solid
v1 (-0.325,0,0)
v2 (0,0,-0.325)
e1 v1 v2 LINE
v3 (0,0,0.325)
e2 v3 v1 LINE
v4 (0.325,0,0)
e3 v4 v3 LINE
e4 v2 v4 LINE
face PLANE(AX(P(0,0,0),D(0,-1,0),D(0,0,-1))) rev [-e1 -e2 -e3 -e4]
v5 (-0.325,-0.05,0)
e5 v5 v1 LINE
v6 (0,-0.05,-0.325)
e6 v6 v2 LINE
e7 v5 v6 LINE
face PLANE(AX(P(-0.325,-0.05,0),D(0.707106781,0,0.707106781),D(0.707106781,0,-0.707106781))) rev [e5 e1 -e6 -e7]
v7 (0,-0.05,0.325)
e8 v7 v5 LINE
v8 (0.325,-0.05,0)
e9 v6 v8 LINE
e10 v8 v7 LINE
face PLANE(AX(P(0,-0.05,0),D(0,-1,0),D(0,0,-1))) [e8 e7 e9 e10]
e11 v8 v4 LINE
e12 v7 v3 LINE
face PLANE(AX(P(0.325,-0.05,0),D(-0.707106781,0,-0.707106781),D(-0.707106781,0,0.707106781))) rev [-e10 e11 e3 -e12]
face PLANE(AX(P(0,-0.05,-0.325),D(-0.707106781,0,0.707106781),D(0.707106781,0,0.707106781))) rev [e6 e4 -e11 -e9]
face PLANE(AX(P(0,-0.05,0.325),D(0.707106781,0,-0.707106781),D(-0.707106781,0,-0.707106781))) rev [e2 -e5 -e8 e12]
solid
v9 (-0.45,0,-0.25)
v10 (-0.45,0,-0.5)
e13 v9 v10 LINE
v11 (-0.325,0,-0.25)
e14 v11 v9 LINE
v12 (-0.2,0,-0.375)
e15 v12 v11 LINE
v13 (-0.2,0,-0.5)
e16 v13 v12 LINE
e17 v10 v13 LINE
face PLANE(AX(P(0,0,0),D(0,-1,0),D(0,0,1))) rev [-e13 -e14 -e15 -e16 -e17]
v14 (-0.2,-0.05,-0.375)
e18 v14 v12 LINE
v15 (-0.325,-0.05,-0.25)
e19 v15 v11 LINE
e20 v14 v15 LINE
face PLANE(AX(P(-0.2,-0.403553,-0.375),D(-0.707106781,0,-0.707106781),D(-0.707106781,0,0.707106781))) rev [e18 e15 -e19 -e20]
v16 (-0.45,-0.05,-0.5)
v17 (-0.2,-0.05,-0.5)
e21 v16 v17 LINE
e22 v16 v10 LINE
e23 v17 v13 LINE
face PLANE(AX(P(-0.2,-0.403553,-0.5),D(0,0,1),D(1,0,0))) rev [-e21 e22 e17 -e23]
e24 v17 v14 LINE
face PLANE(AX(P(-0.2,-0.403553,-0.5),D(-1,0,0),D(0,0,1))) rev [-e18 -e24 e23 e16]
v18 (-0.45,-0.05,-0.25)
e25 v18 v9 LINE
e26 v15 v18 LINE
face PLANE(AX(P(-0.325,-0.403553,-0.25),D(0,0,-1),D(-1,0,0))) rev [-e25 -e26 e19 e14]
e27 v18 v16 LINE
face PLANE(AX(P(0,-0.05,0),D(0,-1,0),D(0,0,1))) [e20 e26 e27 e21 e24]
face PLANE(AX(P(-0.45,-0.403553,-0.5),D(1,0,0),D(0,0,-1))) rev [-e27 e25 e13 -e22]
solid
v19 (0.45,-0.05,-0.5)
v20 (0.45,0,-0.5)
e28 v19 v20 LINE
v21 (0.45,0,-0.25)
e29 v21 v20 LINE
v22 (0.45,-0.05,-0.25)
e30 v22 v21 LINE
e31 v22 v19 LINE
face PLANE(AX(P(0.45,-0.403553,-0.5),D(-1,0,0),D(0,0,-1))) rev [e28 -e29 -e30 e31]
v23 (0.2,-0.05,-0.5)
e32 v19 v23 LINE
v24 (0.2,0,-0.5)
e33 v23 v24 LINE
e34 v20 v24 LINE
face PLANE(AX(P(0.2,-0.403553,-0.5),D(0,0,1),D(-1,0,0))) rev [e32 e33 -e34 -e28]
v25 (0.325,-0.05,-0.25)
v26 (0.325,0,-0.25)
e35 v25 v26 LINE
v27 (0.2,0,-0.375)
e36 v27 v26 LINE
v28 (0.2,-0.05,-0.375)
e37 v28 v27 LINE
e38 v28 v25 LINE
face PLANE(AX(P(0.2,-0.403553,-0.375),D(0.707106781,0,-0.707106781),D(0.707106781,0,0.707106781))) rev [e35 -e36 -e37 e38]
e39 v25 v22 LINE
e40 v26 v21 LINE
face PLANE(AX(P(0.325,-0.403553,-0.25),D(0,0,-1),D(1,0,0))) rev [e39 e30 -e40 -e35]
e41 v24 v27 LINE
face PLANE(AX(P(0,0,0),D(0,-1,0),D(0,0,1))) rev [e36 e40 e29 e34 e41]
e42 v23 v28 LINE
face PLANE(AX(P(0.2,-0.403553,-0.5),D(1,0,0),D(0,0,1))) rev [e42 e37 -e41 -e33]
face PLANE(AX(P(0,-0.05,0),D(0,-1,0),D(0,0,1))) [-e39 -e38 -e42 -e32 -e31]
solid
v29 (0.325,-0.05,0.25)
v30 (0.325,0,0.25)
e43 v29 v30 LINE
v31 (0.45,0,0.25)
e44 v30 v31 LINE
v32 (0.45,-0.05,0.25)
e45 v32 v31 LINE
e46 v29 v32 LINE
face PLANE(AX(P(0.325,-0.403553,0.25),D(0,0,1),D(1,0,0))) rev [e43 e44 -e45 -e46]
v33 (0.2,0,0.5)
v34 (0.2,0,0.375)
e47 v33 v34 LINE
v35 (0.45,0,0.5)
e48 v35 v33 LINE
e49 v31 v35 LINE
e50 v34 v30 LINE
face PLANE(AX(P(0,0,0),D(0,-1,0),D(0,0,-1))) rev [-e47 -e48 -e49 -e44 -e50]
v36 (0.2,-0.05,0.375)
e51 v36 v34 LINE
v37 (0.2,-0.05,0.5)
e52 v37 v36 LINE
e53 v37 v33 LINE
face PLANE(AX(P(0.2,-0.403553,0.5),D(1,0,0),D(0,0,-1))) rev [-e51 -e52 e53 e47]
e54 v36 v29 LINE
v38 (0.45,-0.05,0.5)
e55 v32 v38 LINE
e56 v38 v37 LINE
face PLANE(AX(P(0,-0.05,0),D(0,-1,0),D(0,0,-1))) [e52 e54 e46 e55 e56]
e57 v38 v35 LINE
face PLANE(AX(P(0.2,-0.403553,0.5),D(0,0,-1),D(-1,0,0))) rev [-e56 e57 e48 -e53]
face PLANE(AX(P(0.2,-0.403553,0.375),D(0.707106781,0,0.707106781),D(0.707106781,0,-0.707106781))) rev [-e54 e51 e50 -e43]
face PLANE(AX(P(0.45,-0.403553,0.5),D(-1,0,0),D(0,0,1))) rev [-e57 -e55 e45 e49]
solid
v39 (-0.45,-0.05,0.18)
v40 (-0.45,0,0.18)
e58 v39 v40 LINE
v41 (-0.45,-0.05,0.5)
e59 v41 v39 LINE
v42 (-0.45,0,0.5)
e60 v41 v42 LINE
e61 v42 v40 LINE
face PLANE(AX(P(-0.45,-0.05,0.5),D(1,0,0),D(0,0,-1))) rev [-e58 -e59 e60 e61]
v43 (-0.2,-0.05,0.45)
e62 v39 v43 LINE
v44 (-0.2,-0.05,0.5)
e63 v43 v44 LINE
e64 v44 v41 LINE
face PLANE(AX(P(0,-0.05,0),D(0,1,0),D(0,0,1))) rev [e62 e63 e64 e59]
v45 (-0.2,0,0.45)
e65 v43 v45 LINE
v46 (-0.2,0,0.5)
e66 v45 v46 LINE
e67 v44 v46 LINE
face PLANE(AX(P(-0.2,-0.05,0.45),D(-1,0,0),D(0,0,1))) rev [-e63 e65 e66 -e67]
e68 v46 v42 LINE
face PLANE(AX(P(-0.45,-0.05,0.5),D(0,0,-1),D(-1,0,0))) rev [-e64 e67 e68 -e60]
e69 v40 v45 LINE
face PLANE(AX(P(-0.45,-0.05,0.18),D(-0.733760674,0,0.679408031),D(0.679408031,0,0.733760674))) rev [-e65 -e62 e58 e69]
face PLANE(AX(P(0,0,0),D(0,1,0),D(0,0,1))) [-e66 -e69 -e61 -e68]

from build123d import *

# Parameters (mm, degrees)
SALIENTE_EXTRUIR1_DEPTH = 0.05
SALIENTE_EXTRUIR2_DEPTH = 0.05
MATRIZC5_COUNT          = 2
SALIENTE_EXTRUIR3_DEPTH = 0.05


with BuildPart() as part:
    # Croquis1 → Saliente-Extruir1 (new body)
    with BuildSketch(Plane.XZ):
        Polygon((0, -0.325), (0.325, 0), (0, 0.325), (-0.325, 0), align=None)
    extrude(amount=SALIENTE_EXTRUIR1_DEPTH)


with BuildPart() as body_2:
    # Croquis2 → Saliente-Extruir2 (new body)
    with BuildSketch(Plane.XZ):
        Polygon((0.2, 0.5), (0.45, 0.5), (0.45, 0.250000001), (0.325, 0.250000001), (0.2, 0.375000001), align=None)
    extrude(amount=SALIENTE_EXTRUIR2_DEPTH)


with BuildPart() as matrizc5_1:
    # MatrizC5: pattern copy
    add(body_2.part.rotate(Axis((0, 0, 0), (0, 1, 0)), 1 * 360 / MATRIZC5_COUNT))


with BuildPart() as body_4:
    # Simetría1: mirrored copy
    add(body_2.part.mirror(Plane.XY))


with BuildPart() as body_5:
    # Croquis3 → Saliente-Extruir3 (new body)
    with BuildSketch(Plane.XZ):
        Polygon((-0.45, 0.5), (-0.2, 0.5), (-0.2, 0.45), (-0.45, 0.18), align=None)
    extrude(amount=SALIENTE_EXTRUIR3_DEPTH)


solid = Compound([part.part, body_2.part, matrizc5_1.part, body_4.part, body_5.part])
